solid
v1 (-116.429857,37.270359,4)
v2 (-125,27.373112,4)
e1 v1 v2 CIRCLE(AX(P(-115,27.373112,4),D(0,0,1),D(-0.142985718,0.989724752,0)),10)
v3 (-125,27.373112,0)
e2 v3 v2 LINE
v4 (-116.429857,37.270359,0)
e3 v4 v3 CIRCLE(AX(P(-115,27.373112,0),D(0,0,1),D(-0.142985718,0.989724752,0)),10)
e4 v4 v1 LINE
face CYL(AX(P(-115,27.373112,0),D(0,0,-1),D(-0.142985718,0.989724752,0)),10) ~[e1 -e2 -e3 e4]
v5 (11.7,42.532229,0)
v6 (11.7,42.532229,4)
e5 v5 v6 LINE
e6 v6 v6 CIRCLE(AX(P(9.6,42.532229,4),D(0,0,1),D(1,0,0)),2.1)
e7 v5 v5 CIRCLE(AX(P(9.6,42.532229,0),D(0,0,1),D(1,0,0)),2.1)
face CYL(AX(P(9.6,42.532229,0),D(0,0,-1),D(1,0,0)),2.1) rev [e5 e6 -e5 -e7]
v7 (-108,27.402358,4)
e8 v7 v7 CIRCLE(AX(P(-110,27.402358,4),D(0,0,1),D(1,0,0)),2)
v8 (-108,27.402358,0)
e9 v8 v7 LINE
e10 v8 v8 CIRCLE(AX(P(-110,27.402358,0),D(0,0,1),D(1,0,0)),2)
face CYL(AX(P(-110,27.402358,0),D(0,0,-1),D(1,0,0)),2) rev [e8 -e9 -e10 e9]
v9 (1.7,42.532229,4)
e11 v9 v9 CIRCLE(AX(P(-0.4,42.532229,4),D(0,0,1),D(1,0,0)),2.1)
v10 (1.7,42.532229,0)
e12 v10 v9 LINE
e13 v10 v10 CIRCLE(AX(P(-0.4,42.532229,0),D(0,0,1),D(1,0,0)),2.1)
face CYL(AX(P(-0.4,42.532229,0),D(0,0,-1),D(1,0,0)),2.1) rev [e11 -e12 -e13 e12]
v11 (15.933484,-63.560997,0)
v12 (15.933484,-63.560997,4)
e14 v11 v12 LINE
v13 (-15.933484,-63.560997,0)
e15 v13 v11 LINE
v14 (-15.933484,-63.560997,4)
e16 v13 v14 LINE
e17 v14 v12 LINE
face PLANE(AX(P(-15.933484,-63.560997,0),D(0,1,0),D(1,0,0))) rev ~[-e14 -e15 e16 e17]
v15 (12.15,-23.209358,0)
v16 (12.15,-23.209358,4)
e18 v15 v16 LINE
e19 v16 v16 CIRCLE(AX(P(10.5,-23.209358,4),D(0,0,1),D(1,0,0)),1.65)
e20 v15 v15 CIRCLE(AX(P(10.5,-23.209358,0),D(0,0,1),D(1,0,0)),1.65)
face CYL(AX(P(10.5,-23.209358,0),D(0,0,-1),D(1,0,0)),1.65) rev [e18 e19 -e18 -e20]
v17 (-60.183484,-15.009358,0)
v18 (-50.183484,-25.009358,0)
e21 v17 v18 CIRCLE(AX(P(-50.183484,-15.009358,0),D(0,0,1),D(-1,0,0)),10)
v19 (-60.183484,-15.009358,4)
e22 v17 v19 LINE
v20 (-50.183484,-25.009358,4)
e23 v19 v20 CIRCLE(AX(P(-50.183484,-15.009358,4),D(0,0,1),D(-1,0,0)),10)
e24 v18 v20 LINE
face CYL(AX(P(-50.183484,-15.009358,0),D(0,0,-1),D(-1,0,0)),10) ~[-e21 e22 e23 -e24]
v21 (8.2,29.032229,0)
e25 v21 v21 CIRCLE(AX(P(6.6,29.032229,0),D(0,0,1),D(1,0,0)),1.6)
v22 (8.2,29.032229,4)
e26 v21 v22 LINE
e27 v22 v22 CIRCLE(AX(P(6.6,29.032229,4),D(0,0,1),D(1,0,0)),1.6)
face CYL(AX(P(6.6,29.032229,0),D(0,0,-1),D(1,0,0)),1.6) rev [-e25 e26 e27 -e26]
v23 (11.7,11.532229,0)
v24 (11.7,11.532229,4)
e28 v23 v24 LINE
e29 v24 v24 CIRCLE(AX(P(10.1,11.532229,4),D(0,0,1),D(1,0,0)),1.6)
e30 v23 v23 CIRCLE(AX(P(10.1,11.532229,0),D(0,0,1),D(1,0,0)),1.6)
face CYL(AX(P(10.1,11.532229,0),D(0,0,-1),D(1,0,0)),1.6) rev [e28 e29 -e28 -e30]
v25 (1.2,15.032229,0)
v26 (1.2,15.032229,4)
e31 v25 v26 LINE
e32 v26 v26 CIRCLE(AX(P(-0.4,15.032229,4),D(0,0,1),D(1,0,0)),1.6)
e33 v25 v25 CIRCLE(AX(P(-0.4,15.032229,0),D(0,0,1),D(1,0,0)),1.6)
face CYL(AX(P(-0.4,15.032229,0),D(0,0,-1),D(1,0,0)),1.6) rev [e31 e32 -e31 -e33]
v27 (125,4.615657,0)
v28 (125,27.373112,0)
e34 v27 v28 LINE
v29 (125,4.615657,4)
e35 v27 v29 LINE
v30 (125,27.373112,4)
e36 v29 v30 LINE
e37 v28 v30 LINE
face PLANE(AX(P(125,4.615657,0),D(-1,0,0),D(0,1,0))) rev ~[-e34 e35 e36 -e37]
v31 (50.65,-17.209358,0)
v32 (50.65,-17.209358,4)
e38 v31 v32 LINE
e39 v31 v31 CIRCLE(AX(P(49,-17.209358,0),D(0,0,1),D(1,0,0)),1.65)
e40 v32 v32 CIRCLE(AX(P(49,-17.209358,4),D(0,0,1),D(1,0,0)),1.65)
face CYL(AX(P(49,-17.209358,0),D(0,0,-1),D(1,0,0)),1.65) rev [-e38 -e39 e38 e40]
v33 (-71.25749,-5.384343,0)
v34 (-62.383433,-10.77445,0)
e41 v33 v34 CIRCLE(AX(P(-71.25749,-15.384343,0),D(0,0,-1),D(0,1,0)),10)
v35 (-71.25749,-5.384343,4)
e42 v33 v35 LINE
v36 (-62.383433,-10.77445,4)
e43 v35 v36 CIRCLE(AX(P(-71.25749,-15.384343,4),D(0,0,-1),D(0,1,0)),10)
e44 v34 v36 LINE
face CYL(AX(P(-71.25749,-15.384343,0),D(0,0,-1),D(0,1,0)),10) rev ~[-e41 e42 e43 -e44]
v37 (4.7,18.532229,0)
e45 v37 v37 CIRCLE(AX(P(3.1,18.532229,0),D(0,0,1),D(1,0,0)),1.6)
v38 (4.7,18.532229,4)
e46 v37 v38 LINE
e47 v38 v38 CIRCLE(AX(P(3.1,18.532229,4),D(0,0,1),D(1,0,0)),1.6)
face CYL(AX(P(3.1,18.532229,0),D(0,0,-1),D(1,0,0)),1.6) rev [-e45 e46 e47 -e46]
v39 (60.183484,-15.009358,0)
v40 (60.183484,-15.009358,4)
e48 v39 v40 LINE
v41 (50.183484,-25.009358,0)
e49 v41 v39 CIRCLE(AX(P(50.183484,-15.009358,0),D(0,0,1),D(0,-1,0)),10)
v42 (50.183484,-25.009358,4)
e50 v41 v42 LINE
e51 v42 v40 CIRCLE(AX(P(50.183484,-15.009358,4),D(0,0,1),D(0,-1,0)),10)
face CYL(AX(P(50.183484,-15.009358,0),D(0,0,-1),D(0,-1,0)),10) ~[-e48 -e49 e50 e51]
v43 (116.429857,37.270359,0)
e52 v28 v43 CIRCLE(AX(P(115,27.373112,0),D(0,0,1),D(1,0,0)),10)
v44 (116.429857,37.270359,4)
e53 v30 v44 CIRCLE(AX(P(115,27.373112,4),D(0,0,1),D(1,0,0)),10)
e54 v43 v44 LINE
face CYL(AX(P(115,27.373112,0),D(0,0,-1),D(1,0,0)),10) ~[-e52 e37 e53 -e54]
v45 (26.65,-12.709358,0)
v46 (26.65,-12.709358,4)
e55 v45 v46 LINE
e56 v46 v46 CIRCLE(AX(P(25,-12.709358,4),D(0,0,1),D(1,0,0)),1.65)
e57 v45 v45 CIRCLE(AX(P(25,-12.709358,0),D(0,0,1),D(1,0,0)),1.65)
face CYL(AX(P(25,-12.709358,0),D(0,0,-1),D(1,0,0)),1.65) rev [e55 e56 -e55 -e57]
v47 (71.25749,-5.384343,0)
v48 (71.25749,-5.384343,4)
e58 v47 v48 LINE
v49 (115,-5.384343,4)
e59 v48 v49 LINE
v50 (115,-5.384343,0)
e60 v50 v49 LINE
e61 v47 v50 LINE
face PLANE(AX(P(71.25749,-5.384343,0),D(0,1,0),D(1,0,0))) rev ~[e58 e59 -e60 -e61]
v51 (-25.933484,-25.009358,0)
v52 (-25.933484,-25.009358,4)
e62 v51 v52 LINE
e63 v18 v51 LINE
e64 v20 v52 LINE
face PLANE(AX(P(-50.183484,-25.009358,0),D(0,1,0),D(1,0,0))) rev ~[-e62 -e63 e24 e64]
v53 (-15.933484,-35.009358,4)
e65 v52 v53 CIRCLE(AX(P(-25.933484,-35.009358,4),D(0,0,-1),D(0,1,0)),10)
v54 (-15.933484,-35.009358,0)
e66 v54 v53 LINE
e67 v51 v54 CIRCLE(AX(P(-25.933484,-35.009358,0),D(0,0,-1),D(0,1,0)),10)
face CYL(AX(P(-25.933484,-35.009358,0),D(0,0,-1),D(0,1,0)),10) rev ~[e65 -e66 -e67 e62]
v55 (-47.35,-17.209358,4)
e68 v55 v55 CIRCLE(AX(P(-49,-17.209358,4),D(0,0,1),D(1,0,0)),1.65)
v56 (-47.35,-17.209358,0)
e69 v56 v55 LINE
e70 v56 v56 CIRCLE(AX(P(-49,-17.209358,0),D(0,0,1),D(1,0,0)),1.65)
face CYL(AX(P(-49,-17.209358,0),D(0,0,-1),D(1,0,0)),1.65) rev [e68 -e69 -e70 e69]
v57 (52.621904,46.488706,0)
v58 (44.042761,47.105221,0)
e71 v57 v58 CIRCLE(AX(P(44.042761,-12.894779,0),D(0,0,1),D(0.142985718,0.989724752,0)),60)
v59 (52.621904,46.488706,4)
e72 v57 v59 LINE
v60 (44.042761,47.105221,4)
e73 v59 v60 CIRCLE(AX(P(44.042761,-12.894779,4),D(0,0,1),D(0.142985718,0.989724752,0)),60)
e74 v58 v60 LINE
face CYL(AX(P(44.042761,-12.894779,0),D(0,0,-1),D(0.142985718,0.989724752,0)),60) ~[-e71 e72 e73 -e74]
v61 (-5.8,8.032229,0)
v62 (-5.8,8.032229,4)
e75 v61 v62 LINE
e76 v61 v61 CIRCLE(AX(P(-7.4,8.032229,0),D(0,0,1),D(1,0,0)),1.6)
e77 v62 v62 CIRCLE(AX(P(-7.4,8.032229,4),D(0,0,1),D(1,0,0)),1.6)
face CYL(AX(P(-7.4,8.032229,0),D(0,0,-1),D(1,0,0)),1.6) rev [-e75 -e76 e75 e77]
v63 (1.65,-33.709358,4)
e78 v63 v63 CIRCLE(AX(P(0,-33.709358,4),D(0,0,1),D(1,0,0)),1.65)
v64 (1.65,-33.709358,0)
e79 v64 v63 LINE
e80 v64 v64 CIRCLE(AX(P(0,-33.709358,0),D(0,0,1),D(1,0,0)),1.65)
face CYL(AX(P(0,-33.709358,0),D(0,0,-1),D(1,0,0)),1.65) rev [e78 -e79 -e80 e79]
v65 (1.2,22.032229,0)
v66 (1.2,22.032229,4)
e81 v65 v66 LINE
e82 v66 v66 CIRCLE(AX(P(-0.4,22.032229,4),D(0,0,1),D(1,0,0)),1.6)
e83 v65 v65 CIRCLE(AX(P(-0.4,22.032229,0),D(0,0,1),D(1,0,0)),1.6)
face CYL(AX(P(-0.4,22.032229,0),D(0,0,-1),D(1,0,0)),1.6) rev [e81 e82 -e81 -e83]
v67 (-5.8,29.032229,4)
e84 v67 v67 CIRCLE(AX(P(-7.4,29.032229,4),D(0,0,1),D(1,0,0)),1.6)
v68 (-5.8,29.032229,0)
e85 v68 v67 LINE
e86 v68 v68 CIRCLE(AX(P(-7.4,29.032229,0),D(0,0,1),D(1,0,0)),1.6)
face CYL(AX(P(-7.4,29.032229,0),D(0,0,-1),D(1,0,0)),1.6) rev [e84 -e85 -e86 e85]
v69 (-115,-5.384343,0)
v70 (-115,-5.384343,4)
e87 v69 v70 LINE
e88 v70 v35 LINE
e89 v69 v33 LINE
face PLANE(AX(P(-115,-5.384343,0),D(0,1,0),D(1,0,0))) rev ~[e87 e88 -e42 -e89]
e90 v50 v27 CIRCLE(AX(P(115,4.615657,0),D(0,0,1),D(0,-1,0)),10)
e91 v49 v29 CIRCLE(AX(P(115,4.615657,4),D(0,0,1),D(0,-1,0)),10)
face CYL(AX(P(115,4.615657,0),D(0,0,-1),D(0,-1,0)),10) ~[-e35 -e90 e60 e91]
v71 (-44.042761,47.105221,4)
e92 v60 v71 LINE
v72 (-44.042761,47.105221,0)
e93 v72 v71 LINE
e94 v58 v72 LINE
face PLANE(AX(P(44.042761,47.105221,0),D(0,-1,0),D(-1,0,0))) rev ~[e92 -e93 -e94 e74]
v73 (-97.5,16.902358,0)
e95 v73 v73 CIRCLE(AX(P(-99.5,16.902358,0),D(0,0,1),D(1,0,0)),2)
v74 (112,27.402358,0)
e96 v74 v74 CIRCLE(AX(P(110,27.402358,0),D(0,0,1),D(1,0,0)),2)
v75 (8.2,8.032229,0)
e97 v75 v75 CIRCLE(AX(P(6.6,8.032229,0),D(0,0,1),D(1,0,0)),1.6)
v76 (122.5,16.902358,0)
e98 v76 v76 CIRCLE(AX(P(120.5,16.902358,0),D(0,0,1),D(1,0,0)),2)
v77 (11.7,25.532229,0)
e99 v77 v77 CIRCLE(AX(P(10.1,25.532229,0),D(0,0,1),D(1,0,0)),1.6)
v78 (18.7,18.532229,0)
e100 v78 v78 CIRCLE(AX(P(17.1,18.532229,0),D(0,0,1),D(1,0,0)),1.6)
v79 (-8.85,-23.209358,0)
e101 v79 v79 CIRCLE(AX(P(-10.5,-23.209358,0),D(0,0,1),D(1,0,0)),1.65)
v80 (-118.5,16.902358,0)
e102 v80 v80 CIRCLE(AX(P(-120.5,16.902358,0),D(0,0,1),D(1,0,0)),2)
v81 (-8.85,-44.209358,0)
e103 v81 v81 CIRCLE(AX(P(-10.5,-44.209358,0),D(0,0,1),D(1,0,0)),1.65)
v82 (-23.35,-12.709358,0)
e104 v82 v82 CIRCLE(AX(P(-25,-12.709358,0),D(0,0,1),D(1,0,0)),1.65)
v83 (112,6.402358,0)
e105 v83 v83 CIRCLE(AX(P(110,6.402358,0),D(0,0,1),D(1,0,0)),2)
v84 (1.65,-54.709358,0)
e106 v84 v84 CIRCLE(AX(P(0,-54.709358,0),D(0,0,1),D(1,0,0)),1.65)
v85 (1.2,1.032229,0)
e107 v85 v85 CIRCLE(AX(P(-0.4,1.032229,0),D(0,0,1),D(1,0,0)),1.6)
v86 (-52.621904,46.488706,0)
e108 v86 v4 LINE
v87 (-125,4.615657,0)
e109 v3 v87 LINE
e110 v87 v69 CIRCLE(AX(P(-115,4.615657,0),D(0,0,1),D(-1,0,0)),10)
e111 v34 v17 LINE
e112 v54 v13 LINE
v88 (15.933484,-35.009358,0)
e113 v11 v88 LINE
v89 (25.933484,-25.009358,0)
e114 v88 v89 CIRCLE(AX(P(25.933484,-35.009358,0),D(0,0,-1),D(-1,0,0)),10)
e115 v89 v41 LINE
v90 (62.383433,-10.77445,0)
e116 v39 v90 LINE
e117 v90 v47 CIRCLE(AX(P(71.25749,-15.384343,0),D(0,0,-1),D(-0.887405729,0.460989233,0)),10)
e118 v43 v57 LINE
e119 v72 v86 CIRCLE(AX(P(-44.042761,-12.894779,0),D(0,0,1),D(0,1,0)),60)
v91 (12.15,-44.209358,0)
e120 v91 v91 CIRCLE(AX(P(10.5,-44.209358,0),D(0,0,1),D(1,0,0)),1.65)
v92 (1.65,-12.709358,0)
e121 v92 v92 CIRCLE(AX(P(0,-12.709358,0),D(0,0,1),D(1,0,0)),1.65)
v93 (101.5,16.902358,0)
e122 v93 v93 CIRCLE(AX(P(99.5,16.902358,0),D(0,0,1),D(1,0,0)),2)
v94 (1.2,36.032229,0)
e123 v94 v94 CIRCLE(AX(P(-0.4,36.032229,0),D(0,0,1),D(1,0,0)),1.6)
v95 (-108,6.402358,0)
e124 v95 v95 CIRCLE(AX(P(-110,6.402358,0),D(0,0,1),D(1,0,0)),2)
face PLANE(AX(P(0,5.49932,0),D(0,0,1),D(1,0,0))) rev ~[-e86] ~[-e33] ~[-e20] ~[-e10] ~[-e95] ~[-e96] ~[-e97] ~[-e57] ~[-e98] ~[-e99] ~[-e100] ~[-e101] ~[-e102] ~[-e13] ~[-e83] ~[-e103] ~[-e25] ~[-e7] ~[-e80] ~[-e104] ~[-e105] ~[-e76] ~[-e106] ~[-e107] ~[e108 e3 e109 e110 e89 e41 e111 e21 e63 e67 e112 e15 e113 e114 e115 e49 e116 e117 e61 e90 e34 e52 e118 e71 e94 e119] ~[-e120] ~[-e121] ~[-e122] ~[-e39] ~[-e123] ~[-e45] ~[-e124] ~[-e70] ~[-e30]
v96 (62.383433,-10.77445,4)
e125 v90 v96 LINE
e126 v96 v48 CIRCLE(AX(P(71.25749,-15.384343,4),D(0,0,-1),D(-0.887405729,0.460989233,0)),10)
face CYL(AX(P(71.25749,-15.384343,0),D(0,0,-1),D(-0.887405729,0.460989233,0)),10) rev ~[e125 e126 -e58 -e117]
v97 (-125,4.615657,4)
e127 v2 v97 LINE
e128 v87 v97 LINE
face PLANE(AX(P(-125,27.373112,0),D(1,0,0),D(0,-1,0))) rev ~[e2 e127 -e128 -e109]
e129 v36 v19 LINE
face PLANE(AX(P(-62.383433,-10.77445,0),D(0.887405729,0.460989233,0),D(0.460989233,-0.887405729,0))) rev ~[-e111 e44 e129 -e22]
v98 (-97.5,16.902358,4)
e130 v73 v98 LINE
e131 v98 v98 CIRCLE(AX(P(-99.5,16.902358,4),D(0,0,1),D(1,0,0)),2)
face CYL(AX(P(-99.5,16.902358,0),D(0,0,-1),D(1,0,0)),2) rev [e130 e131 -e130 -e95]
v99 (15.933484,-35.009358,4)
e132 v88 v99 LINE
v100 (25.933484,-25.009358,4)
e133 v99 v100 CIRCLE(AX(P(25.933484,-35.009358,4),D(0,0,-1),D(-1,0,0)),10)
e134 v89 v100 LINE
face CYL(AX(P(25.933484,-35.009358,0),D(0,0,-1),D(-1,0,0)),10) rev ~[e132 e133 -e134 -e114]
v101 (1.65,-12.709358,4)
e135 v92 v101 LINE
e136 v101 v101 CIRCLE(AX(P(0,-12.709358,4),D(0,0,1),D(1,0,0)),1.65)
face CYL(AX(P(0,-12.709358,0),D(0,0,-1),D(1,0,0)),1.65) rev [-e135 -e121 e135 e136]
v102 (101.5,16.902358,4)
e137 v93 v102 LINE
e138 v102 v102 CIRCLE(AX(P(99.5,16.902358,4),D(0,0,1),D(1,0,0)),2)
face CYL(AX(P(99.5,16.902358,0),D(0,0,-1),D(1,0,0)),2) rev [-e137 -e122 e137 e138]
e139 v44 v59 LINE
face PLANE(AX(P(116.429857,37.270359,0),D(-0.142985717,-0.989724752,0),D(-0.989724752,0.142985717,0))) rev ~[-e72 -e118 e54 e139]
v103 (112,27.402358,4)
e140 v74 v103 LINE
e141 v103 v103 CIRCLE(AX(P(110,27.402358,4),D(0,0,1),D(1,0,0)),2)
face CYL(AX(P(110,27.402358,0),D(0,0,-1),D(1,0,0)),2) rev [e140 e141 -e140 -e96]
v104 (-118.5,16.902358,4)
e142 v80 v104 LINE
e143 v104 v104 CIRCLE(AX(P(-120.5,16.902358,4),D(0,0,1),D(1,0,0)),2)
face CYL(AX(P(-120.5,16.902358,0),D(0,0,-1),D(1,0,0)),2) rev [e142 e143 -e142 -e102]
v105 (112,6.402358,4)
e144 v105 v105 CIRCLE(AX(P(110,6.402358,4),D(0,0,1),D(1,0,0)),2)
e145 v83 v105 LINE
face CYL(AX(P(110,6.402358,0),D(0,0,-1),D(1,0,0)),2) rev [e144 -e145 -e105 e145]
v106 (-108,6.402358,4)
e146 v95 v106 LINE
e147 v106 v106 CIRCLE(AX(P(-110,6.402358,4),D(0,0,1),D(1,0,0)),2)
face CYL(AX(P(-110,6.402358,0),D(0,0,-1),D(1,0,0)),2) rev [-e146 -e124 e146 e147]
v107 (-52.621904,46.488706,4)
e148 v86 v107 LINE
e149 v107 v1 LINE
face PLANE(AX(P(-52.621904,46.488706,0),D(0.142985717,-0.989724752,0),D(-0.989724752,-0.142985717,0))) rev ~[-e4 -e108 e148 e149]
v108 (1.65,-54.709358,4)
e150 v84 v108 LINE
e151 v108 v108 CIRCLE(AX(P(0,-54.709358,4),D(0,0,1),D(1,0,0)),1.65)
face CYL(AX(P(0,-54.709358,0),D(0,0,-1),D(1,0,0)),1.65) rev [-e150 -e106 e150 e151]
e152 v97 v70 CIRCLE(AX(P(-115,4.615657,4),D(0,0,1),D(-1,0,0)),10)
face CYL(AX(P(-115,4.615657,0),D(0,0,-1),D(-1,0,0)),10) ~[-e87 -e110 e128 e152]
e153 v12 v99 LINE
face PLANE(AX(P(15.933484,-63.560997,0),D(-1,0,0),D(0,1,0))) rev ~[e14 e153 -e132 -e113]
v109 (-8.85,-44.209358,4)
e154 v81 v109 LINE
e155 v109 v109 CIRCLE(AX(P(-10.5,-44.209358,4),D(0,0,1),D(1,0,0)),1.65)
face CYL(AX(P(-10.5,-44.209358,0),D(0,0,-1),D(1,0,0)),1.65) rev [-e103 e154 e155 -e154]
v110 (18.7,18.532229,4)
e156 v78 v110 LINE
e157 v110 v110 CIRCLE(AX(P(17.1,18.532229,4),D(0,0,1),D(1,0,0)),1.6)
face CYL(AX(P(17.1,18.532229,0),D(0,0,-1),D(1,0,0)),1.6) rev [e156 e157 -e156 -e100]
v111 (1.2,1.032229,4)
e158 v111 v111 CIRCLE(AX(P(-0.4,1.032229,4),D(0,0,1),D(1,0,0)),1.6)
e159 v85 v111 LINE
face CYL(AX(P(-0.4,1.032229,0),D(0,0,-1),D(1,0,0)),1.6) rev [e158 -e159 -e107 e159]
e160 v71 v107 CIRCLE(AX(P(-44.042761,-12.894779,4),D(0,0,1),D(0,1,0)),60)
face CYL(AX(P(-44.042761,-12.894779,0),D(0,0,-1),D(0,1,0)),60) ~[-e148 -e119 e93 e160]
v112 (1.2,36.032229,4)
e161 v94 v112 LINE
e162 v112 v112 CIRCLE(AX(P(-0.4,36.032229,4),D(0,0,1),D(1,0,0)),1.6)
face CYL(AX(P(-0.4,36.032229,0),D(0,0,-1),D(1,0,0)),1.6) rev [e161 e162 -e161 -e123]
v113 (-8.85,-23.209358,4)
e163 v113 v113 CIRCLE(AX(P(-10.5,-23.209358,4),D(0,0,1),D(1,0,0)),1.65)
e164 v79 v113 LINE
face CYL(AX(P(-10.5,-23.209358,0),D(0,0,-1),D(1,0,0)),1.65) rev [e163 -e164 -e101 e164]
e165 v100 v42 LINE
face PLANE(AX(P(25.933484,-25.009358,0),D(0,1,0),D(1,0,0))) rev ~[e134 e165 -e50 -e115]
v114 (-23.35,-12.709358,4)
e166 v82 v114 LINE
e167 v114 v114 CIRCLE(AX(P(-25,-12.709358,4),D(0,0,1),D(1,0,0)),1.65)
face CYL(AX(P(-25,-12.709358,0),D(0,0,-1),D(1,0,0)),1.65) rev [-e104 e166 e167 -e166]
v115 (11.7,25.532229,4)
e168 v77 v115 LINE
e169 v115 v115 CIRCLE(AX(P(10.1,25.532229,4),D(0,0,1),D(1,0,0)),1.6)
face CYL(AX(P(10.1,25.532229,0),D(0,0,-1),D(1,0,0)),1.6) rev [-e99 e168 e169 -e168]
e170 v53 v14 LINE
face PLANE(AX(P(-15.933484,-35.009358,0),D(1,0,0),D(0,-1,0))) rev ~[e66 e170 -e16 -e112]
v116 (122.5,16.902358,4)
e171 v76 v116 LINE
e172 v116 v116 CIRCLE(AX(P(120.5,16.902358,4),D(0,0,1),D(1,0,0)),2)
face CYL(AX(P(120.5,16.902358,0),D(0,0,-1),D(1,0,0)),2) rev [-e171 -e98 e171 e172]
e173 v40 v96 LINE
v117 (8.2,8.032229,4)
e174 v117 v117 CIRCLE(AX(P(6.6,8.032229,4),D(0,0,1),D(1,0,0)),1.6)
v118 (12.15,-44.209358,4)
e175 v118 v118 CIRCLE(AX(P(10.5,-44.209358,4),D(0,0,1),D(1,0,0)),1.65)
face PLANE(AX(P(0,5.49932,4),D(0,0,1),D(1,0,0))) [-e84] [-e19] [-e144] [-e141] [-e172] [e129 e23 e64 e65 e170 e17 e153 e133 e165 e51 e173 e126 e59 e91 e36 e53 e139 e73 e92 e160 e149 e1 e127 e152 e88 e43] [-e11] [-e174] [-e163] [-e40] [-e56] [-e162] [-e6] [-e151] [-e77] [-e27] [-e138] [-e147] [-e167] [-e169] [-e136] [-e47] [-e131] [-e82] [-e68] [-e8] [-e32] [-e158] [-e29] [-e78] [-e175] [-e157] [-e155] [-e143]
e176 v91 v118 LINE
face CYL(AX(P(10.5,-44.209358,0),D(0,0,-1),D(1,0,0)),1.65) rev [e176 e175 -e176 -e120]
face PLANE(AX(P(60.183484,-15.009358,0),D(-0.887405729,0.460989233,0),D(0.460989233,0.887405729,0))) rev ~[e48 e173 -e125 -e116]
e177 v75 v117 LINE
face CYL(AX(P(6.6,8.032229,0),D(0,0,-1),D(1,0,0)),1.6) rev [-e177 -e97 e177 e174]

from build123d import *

# Parameters (mm, degrees)
SKETCH_1_R      = 1.65
SKETCH_1_R_2    = 2
SKETCH_1_R_3    = 1.6
SKETCH_1_R_4    = 2.1
EXTRUDE_1_DEPTH = 4


with BuildPart() as part:
    # 草图1 → 凸台-拉伸1 (new body)
    with BuildSketch(Plane.XY):
        with BuildLine():
            Line((-115, -5.384342662), (-71.257490086, -5.384342662))
            ThreePointArc((-71.257490086, -5.384342662), (-66.066099293, -6.837444884), (-62.383432799, -10.774450336))
            Line((-62.383432799, -10.774450336), (-60.183484139, -15.009358454))
            ThreePointArc((-60.183484139, -15.009358454), (-57.254551951, -22.080426266), (-50.183484139, -25.009358454))
            Line((-50.183484139, -25.009358454), (-25.933484139, -25.009358454))
            ThreePointArc((-25.933484139, -25.009358454), (-18.862416327, -27.938290642), (-15.933484139, -35.009358454))
            Line((-15.933484139, -35.009358454), (-15.933484139, -63.56099727))
            Line((-15.933484139, -63.56099727), (15.933484139, -63.56099727))
            Line((15.933484139, -63.56099727), (15.933484139, -35.009358454))
            ThreePointArc((15.933484139, -35.009358454), (18.862416327, -27.938290642), (25.933484139, -25.009358454))
            Line((25.933484139, -25.009358454), (50.183484139, -25.009358454))
            ThreePointArc((50.183484139, -25.009358454), (57.254551951, -22.080426266), (60.183484139, -15.009358454))
            Line((60.183484139, -15.009358454), (62.383432799, -10.774450336))
            ThreePointArc((62.383432799, -10.774450336), (66.066099293, -6.837444884), (71.257490086, -5.384342662))
            Line((71.257490086, -5.384342662), (115, -5.384342662))
            ThreePointArc((115, -5.384342662), (122.071067812, -2.455410474), (125, 4.615657338))
            Line((125, 4.615657338), (125, 27.373111507))
            ThreePointArc((125, 27.373111507), (122.559714668, 33.919157194), (116.429857174, 37.270359027))
            Line((116.429857174, 37.270359027), (52.621904203, 46.488705755))
            ThreePointArc((52.621904203, 46.488705755), (48.343394427, 46.950893444), (44.042761161, 47.105220638))
            Line((44.042761161, 47.105220638), (0.159946942, 47.105220638))
            Line((0.159946942, 47.105220638), (-0.159946942, 47.105220638))
            Line((-0.159946942, 47.105220638), (-44.042761161, 47.105220638))
            ThreePointArc((-44.042761161, 47.105220638), (-48.343394427, 46.950893444), (-52.621904203, 46.488705755))
            Line((-52.621904203, 46.488705755), (-116.429857174, 37.270359027))
            ThreePointArc((-116.429857174, 37.270359027), (-122.559714668, 33.919157194), (-125, 27.373111507))
            Line((-125, 27.373111507), (-125, 4.615657338))
            ThreePointArc((-125, 4.615657338), (-122.071067812, -2.455410474), (-115, -5.384342662))
        make_face()
        with Locations((0, -54.709358454)):
            Circle(SKETCH_1_R, mode=Mode.SUBTRACT)
        with Locations((-10.5, -44.209358454)):
            Circle(SKETCH_1_R, mode=Mode.SUBTRACT)
        with Locations((-10.5, -23.209358454)):
            Circle(SKETCH_1_R, mode=Mode.SUBTRACT)
        with Locations((-49, -17.209358454)):
            Circle(SKETCH_1_R, mode=Mode.SUBTRACT)
        with Locations((-25, -12.709358454)):
            Circle(SKETCH_1_R, mode=Mode.SUBTRACT)
        with Locations((10.5, -44.209358454)):
            Circle(SKETCH_1_R, mode=Mode.SUBTRACT)
        with Locations((0, -33.709358454)):
            Circle(SKETCH_1_R, mode=Mode.SUBTRACT)
        with Locations((10.5, -23.209358454)):
            Circle(SKETCH_1_R, mode=Mode.SUBTRACT)
        with Locations((0, -12.709358454)):
            Circle(SKETCH_1_R, mode=Mode.SUBTRACT)
        with Locations((25, -12.709358454)):
            Circle(SKETCH_1_R, mode=Mode.SUBTRACT)
        with Locations((49, -17.209358454)):
            Circle(SKETCH_1_R, mode=Mode.SUBTRACT)
        with Locations((-110, 6.402358032)):
            Circle(SKETCH_1_R_2, mode=Mode.SUBTRACT)
        with Locations((-120.5, 16.902358032)):
            Circle(SKETCH_1_R_2, mode=Mode.SUBTRACT)
        with Locations((-99.5, 16.902358032)):
            Circle(SKETCH_1_R_2, mode=Mode.SUBTRACT)
        with Locations((-0.4, 1.032228913)):
            Circle(SKETCH_1_R_3, mode=Mode.SUBTRACT)
        with Locations((-7.4, 8.032228913)):
            Circle(SKETCH_1_R_3, mode=Mode.SUBTRACT)
        with Locations((-0.4, 15.032228913)):
            Circle(SKETCH_1_R_3, mode=Mode.SUBTRACT)
        with Locations((-110, 27.402358032)):
            Circle(SKETCH_1_R_2, mode=Mode.SUBTRACT)
        with Locations((-0.4, 22.032228913)):
            Circle(SKETCH_1_R_3, mode=Mode.SUBTRACT)
        with Locations((-7.4, 29.032228913)):
            Circle(SKETCH_1_R_3, mode=Mode.SUBTRACT)
        with Locations((-0.4, 36.032228913)):
            Circle(SKETCH_1_R_3, mode=Mode.SUBTRACT)
        with Locations((-0.4, 42.532228913)):
            Circle(SKETCH_1_R_4, mode=Mode.SUBTRACT)
        with Locations((6.6, 8.032228913)):
            Circle(SKETCH_1_R_3, mode=Mode.SUBTRACT)
        with Locations((10.1, 11.532228913)):
            Circle(SKETCH_1_R_3, mode=Mode.SUBTRACT)
        with Locations((3.1, 18.532228913)):
            Circle(SKETCH_1_R_3, mode=Mode.SUBTRACT)
        with Locations((17.1, 18.532228913)):
            Circle(SKETCH_1_R_3, mode=Mode.SUBTRACT)
        with Locations((110, 6.402358032)):
            Circle(SKETCH_1_R_2, mode=Mode.SUBTRACT)
        with Locations((99.5, 16.902358032)):
            Circle(SKETCH_1_R_2, mode=Mode.SUBTRACT)
        with Locations((120.5, 16.902358032)):
            Circle(SKETCH_1_R_2, mode=Mode.SUBTRACT)
        with Locations((10.1, 25.532228913)):
            Circle(SKETCH_1_R_3, mode=Mode.SUBTRACT)
        with Locations((6.6, 29.032228913)):
            Circle(SKETCH_1_R_3, mode=Mode.SUBTRACT)
        with Locations((9.6, 42.532228913)):
            Circle(SKETCH_1_R_4, mode=Mode.SUBTRACT)
        with Locations((110, 27.402358032)):
            Circle(SKETCH_1_R_2, mode=Mode.SUBTRACT)
    extrude(amount=EXTRUDE_1_DEPTH)


solid = part.part
